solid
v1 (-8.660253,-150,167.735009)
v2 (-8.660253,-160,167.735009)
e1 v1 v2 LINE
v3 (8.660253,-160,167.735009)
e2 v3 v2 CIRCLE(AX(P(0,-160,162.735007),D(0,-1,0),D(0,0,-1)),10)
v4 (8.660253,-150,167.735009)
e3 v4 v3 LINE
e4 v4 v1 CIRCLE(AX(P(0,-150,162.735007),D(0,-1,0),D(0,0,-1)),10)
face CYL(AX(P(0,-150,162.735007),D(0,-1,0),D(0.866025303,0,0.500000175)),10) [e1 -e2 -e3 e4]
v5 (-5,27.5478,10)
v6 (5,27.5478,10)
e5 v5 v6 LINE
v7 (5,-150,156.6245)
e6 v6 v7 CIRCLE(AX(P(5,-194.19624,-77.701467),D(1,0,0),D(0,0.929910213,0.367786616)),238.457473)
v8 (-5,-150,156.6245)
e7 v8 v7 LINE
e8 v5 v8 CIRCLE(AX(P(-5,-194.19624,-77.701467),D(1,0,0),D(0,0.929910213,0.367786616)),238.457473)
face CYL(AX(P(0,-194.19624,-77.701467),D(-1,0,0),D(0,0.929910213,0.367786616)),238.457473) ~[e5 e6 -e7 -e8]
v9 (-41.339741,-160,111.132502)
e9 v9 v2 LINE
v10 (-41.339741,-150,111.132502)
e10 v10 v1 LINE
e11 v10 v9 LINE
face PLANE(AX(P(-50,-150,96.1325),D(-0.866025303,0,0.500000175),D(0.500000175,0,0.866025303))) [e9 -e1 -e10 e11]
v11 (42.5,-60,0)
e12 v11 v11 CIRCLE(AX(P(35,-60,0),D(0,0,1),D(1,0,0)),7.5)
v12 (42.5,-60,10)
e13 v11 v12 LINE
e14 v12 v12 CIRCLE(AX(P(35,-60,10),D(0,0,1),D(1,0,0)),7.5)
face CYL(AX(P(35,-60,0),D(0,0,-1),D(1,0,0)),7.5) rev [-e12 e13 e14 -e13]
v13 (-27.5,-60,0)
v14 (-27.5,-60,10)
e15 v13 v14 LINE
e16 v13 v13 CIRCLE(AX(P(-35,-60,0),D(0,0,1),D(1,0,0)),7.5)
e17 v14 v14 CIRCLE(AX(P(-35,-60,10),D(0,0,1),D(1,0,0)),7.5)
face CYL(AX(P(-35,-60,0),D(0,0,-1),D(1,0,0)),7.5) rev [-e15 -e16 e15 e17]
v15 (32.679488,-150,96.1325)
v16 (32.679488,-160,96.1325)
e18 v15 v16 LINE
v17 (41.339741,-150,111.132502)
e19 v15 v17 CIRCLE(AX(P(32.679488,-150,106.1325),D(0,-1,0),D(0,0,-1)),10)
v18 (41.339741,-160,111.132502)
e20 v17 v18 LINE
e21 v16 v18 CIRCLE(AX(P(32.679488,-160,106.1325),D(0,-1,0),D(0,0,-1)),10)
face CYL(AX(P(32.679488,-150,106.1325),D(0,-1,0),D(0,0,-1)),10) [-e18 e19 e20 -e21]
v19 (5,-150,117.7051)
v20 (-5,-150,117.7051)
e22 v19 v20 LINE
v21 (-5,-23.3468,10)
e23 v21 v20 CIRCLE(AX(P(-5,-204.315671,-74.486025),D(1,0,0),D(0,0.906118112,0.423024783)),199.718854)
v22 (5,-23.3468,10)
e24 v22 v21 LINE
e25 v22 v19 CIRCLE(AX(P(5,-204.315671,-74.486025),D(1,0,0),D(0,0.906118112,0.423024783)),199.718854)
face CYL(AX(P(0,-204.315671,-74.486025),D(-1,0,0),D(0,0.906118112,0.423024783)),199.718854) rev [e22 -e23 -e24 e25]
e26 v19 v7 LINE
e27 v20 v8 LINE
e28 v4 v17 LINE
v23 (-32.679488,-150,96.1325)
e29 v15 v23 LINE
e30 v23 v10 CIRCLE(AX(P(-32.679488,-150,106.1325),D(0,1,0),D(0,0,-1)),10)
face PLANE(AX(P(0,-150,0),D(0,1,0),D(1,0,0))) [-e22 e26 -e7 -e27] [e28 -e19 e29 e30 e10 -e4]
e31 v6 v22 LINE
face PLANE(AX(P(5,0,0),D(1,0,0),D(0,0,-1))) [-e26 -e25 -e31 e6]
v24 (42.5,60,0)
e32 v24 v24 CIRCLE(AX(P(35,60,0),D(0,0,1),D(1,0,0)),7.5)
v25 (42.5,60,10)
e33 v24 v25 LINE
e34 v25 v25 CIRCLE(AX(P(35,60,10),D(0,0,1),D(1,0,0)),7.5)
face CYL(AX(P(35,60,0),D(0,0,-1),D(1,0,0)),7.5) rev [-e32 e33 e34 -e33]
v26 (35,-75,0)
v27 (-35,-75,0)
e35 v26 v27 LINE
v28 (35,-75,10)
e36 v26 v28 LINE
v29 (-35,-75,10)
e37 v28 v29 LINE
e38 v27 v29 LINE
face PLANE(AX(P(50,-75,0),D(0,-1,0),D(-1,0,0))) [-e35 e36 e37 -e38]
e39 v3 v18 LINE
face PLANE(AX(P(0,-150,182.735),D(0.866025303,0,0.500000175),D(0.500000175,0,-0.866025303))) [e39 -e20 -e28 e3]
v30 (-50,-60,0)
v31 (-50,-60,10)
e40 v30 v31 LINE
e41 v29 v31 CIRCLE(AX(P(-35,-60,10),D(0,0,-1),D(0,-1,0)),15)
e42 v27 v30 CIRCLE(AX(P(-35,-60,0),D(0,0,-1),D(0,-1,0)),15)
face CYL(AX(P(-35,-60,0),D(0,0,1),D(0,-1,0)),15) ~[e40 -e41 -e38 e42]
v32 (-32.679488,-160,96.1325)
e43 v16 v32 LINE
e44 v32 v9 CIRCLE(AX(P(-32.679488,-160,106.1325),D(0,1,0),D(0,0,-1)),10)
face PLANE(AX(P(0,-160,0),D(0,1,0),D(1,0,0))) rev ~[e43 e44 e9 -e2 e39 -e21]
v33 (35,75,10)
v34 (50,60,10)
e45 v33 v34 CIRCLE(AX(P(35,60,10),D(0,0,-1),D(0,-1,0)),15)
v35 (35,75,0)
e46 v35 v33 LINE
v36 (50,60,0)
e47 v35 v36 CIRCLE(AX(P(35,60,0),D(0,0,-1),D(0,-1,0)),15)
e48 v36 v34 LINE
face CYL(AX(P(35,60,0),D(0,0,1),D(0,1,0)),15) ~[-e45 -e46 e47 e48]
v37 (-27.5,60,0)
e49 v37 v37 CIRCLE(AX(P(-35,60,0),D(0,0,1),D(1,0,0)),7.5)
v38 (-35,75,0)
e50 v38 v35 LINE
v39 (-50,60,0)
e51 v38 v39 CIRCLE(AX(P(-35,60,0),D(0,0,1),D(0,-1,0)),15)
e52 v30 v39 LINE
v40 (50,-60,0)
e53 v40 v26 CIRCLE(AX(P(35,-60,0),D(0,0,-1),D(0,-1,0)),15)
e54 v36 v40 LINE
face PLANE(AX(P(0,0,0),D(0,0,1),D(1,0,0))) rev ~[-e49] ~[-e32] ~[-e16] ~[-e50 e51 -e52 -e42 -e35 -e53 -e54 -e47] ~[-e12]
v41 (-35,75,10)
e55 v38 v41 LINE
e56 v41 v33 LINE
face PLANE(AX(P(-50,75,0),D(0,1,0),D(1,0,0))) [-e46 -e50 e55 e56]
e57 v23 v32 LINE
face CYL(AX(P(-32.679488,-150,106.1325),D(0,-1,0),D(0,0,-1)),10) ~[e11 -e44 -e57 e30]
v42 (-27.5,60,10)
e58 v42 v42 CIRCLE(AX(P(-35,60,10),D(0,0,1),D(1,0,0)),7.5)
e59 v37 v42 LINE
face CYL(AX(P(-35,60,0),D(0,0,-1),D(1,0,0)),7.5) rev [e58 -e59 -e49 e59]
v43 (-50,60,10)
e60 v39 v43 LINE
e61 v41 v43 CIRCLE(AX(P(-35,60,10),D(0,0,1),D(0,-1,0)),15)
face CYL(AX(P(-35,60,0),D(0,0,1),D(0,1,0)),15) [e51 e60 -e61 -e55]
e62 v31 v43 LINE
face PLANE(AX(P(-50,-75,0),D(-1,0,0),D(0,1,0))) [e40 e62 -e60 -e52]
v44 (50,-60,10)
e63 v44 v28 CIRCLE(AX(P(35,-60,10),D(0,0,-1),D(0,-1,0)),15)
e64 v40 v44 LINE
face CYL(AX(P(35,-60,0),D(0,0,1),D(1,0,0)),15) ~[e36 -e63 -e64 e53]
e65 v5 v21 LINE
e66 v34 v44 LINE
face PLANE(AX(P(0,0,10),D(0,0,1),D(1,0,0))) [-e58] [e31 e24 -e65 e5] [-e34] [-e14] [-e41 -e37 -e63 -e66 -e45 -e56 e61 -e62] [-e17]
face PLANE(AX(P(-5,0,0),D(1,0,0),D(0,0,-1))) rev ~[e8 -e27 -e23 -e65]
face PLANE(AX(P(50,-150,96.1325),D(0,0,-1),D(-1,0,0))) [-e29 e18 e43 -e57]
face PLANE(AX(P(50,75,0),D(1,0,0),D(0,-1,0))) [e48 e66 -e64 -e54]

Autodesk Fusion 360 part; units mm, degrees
sketch "Sketch1" plane through (0, 0, 0) normal (0, 0, 1) x (1, 0, 0) in component "Mounting Plate1"
  line L0 (-50, 75) -> (50, 75)
  line L1 (50, 75) -> (50, -75)
  line L2 (50, -75) -> (-50, -75)
  line L3 (-50, -75) -> (-50, 75)
  line L4 (-50, 75) -> (50, -75) construction
  line L5 (50, 75) -> (-50, -75) construction
  circle A0 centre (-35, 60) radius 7.5
  circle A1 centre (35, 60) radius 7.5
  line L6 (0, 0) -> (21.7934, 0) construction
  circle A2 centre (-35, -60) radius 7.5
  circle A3 centre (35, -60) radius 7.5
  dimension "d1" = 100
  dimension "d2" = 150
  dimension "d3" = 15
  dimension "d4" = 15
  dimension "d5" = 15
  dimension "d6" = 15
extrude "Extrude1" add sketch "Sketch1" along normal blind 10 makes body 1 in component "Mounting Plate1"
fillet "Fillet1" radius 15 4 edges at (-50, 75, 5) (50, 75, 5) (50, -75, 5) (-50, -75, 5) on bodies 1 in component "Mounting Plate1"
ref_plane "WorkPlane1" through (0, -150, 0) normal (0, 1, 0) x (0, 0, 1) in component "Mounting Plate1"
sketch "Sketch2" plane through (0, -150, 0) normal (0, 1, 0) x (1, 0, 0) in component "Mounting Plate1"
  line L0 (-35, -10) -> (35, -10)
  line L1 (0, 0) -> (0, -125) construction
  line L2 (-50, -96.1325) -> (0, -182.735)
  line L3 (0, -182.735) -> (50, -96.1325)
  line L4 (50, -96.1325) -> (-50, -96.1325)
  point P0 (0, -125)
  dimension "d11" = 125
  dimension "d12" = 100
extrude "Extrude2" add sketch "Sketch2" against normal blind 10 separate body makes body 2 in component "Mounting Plate1"
fillet "Fillet2" radius 10 3 edges at (0, -155, 182.735) (50, -155, 96.1325) (-50, -155, 96.1325) on bodies 2 in component "Mounting Plate1"
sketch "Sketch3" plane through (0, 0, 0) normal (1, 0, 0) x (0, 0, -1) in component "Mounting Plate1"
  line L0 (-10, 75) -> (-10, -75)
  line L1 (-96.1325, -150) -> (-172.735, -150)
  arc A0 (-10, 27.5478) -> (-156.6245, -150) centre (77.7015, -194.1962) ccw
  arc A1 (-10, -23.3468) -> (-117.7051, -150) centre (74.486, -204.3157) ccw
extrude "Extrude3" add sketch "Sketch3" along normal mid plane 10 bodies 1 2 in component "Mounting Plate1"
component "Mounting Plate1" placed x (1, 0, 0) y (0, 1, 0) z (0, 0, 1) at (0, 0, 0)
equation "d2 = ( 6 * 25 ) * 1 mm"
